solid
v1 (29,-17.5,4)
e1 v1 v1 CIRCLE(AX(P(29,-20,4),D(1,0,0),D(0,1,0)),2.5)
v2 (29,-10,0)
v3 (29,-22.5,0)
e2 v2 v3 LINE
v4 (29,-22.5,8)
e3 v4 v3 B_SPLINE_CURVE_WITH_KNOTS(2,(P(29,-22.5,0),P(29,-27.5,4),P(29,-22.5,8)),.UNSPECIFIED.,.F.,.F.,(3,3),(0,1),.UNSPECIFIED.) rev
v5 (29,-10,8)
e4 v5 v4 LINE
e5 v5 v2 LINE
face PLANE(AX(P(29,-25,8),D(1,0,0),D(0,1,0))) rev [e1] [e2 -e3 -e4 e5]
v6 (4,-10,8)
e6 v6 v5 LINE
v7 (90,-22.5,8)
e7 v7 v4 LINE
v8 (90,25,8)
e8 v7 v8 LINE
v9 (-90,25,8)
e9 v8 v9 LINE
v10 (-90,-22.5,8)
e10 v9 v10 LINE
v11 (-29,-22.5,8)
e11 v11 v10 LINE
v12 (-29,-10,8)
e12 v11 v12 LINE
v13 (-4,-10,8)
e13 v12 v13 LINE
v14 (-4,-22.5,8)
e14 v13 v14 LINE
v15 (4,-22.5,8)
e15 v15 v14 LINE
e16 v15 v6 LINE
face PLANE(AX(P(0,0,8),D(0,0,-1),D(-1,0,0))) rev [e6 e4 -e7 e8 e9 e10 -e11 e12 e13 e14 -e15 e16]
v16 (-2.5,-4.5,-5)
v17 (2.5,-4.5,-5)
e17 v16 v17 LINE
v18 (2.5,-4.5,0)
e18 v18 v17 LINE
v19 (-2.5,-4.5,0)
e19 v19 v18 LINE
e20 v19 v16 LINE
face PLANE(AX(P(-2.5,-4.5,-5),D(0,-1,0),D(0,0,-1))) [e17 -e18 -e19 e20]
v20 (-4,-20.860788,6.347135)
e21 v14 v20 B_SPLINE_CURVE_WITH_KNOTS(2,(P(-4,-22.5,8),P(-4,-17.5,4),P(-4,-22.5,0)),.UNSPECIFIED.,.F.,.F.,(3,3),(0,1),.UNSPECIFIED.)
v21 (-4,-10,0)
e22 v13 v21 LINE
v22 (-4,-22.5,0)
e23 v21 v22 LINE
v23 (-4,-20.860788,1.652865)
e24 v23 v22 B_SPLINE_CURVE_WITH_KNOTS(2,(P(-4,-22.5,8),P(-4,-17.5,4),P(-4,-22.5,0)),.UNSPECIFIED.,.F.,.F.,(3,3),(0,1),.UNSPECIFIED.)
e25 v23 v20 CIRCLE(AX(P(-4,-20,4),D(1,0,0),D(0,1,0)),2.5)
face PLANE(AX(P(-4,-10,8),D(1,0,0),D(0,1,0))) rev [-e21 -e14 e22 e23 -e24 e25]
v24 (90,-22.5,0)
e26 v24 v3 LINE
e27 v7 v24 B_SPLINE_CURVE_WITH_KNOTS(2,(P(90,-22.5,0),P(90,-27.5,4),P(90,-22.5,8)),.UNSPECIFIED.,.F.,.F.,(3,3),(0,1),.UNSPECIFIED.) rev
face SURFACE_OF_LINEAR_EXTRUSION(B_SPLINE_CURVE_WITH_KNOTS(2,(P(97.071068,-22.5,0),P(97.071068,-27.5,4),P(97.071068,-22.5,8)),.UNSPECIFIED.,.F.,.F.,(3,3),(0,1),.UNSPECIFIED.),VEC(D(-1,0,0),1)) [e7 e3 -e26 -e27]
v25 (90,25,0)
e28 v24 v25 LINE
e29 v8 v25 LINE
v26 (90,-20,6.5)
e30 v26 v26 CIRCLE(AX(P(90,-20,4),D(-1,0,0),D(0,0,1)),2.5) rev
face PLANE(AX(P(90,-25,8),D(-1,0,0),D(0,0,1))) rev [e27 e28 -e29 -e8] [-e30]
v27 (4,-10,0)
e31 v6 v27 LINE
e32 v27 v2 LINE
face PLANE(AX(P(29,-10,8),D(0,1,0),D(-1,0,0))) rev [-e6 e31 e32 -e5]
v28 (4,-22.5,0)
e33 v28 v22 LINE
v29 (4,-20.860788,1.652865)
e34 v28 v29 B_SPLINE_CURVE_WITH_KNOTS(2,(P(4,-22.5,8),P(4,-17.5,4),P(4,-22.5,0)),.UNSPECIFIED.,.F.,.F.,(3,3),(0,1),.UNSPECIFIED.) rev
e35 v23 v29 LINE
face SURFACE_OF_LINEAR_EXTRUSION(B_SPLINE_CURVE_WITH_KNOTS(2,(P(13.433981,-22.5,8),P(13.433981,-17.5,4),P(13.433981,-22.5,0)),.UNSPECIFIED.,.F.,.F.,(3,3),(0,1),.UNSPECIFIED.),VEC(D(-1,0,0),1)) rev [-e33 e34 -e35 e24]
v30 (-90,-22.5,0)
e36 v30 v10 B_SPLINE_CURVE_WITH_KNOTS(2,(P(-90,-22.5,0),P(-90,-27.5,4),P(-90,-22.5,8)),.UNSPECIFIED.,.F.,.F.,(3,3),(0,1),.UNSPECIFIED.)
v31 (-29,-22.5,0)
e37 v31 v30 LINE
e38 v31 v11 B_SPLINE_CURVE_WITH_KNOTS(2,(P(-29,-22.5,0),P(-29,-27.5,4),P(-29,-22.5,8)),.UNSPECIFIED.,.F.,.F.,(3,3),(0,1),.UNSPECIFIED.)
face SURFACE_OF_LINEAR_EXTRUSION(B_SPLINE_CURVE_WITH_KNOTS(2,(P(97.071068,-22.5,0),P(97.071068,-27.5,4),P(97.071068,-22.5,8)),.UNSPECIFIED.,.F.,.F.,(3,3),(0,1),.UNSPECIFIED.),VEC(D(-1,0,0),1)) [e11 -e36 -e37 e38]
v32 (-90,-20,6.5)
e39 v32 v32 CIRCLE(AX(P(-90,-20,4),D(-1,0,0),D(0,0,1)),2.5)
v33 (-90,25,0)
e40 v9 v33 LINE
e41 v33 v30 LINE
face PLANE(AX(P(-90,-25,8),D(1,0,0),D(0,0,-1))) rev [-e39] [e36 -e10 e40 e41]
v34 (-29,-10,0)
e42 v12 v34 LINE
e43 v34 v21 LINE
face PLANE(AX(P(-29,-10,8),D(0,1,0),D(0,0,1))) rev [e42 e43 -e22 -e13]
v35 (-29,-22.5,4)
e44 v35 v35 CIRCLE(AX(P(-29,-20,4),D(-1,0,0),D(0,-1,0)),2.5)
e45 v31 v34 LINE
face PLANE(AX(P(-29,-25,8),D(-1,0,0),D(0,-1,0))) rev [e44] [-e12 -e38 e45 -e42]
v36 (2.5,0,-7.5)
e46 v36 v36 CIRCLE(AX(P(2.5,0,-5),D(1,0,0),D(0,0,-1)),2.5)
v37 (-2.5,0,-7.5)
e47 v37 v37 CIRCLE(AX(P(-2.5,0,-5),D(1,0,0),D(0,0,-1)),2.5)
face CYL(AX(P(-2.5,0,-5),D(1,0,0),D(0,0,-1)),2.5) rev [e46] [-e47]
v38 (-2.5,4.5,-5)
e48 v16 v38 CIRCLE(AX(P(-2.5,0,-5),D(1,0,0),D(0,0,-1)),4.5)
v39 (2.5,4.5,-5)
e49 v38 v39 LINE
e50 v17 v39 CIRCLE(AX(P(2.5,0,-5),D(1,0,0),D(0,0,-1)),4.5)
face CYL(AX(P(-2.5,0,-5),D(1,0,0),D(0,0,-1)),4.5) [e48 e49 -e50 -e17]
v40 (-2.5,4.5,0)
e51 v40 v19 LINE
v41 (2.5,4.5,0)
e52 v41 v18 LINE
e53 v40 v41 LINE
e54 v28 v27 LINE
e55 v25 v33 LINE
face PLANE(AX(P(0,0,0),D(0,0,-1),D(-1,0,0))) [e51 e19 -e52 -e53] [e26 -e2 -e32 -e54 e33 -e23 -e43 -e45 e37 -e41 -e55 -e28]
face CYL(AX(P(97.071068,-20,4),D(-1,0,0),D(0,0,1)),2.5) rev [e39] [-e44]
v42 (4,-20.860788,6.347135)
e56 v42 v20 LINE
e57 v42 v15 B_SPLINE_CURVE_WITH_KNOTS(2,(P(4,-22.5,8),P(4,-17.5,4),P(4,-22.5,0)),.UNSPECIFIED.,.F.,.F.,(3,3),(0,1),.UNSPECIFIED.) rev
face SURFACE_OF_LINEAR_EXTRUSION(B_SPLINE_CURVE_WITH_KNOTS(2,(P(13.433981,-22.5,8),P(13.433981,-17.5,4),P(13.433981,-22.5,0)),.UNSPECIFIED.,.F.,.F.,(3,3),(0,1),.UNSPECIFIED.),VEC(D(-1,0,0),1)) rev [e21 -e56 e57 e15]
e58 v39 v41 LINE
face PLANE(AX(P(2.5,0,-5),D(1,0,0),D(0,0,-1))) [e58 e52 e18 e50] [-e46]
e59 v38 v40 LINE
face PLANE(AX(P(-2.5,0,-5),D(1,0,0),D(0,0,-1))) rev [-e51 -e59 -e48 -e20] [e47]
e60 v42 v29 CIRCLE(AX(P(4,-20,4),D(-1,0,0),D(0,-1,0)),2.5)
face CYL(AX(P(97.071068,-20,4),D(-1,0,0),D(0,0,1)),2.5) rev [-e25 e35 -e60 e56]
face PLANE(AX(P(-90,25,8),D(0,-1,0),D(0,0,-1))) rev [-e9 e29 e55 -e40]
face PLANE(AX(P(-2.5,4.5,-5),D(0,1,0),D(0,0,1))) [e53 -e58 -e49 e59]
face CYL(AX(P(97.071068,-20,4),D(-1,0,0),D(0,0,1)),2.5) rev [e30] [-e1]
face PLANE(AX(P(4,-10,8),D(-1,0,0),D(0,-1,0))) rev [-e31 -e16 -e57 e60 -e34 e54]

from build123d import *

# Parameters (mm, degrees)
BOSS_EXTRU_1_DEPTH      = 8
ENL_V_MAT_EXTRU_1_REACH = 183.904
ESQUISSE2_R             = 2.5
BOSS_EXTRU_2_DEPTH      = 2.5
BOSS_EXTRU_2_DEPTH_BACK = 2.5
ESQUISSE4_R             = 2.5
ENL_V_MAT_EXTRU_2_DEPTH = 8


with BuildPart() as part:
    # Esquisse1 → Boss.-Extru.1 (new body)
    with BuildSketch(Plane.XY):
        Polygon((-29, -25), (-29, -10), (-4, -10), (-4, -25), (4, -25), (4, -10), (29, -10), (29, -25), (90, -25), (90, 25), (-90, 25), (-90, -25), align=None)
    extrude(amount=BOSS_EXTRU_1_DEPTH)

    # Enlèv. mat.-Extru.1: up to this face of the body (flat: up to its plane)
    enl_v_mat_extru_1_end = Plane(part.part.faces().sort_by_distance((90, 0, 4))[0])
    # Esquisse2 → Enlèv. mat.-Extru.1 (cut, up to the picked face)
    with BuildSketch(Plane.ZY.offset(90), mode=Mode.PRIVATE) as enl_v_mat_extru_1_sk1:
        with BuildLine():
            add(Edge.make_bspline(
                [(4, -25), (6, -25), (8, -22.5)],
                knots=[0.5, 0.5, 0.5, 1, 1, 1], degree=2))
            Line((4, -25), (8, -25))
            Line((8, -25), (8, -22.5))
        make_face()
    enl_v_mat_extru_1_tool1 = split(extrude(enl_v_mat_extru_1_sk1.sketch, amount=-ENL_V_MAT_EXTRU_1_REACH, mode=Mode.PRIVATE), bisect_by=enl_v_mat_extru_1_end, keep=Keep.BOTH, mode=Mode.PRIVATE)
    # Esquisse2 → Enlèv. mat.-Extru.1 (cut, up to the picked face)
    with BuildSketch(Plane.ZY.offset(90), mode=Mode.PRIVATE) as enl_v_mat_extru_1_sk2:
        with BuildLine():
            add(Edge.make_bspline(
                [(0, -22.5), (2, -25), (4, -25)],
                knots=[0, 0, 0, 0.5, 0.5, 0.5], degree=2))
            Line((0, -22.5), (0, -25))
            Line((0, -25), (4, -25))
        make_face()
    enl_v_mat_extru_1_tool2 = split(extrude(enl_v_mat_extru_1_sk2.sketch, amount=-ENL_V_MAT_EXTRU_1_REACH, mode=Mode.PRIVATE), bisect_by=enl_v_mat_extru_1_end, keep=Keep.BOTH, mode=Mode.PRIVATE)
    # Esquisse2 → Enlèv. mat.-Extru.1 (cut, up to the picked face)
    with BuildSketch(Plane.ZY.offset(90), mode=Mode.PRIVATE) as enl_v_mat_extru_1_sk3:
        with Locations((4, -20)):
            Circle(ESQUISSE2_R)
    enl_v_mat_extru_1_tool3 = split(extrude(enl_v_mat_extru_1_sk3.sketch, amount=-ENL_V_MAT_EXTRU_1_REACH, mode=Mode.PRIVATE), bisect_by=enl_v_mat_extru_1_end, keep=Keep.BOTH, mode=Mode.PRIVATE)
    add(enl_v_mat_extru_1_tool1.solids().sort_by(Axis((-90, -24.25, 7), (1, 0, 0)))[0], mode=Mode.SUBTRACT)
    add(enl_v_mat_extru_1_tool2.solids().sort_by(Axis((-90, -24.25, 1), (1, 0, 0)))[0], mode=Mode.SUBTRACT)
    add(enl_v_mat_extru_1_tool3.solids().sort_by(Axis((-90, -20, 4), (1, 0, 0)))[0], mode=Mode.SUBTRACT)

    # Esquisse4 → Boss.-Extru.2 (add, two sides: drawn at the far end of the back side and taken through both)
    with BuildSketch(Plane(origin=(0, 0, 0), x_dir=(0, 0, -1), z_dir=(1, 0, 0)).offset(-BOSS_EXTRU_2_DEPTH_BACK)):
        with BuildLine():
            Line((5, 4.5), (0, 4.5))
            Line((0, 4.5), (0, -4.5))
            Line((0, -4.5), (5, -4.5))
            ThreePointArc((5, -4.5), (9.5, 0), (5, 4.5))
        make_face()
        with Locations((5, 0)):
            Circle(ESQUISSE4_R, mode=Mode.SUBTRACT)
    extrude(amount=BOSS_EXTRU_2_DEPTH + BOSS_EXTRU_2_DEPTH_BACK)

    # Esquisse6 → Enlèv. mat.-Extru.2 (cut)
    with BuildSketch(Plane.ZY.offset(4)):
        with BuildLine():
            add(Edge.make_bspline(
                [(0, -22.5), (4, -17.5), (8, -22.5)],
                knots=[0, 0, 0, 1, 1, 1], degree=2))
            add(Edge.make_bspline(
                [(0, -22.5), (4, -27.5), (8, -22.5)],
                knots=[0, 0, 0, 1, 1, 1], degree=2))
        make_face()
    extrude(amount=-ENL_V_MAT_EXTRU_2_DEPTH, mode=Mode.SUBTRACT)


solid = part.part
